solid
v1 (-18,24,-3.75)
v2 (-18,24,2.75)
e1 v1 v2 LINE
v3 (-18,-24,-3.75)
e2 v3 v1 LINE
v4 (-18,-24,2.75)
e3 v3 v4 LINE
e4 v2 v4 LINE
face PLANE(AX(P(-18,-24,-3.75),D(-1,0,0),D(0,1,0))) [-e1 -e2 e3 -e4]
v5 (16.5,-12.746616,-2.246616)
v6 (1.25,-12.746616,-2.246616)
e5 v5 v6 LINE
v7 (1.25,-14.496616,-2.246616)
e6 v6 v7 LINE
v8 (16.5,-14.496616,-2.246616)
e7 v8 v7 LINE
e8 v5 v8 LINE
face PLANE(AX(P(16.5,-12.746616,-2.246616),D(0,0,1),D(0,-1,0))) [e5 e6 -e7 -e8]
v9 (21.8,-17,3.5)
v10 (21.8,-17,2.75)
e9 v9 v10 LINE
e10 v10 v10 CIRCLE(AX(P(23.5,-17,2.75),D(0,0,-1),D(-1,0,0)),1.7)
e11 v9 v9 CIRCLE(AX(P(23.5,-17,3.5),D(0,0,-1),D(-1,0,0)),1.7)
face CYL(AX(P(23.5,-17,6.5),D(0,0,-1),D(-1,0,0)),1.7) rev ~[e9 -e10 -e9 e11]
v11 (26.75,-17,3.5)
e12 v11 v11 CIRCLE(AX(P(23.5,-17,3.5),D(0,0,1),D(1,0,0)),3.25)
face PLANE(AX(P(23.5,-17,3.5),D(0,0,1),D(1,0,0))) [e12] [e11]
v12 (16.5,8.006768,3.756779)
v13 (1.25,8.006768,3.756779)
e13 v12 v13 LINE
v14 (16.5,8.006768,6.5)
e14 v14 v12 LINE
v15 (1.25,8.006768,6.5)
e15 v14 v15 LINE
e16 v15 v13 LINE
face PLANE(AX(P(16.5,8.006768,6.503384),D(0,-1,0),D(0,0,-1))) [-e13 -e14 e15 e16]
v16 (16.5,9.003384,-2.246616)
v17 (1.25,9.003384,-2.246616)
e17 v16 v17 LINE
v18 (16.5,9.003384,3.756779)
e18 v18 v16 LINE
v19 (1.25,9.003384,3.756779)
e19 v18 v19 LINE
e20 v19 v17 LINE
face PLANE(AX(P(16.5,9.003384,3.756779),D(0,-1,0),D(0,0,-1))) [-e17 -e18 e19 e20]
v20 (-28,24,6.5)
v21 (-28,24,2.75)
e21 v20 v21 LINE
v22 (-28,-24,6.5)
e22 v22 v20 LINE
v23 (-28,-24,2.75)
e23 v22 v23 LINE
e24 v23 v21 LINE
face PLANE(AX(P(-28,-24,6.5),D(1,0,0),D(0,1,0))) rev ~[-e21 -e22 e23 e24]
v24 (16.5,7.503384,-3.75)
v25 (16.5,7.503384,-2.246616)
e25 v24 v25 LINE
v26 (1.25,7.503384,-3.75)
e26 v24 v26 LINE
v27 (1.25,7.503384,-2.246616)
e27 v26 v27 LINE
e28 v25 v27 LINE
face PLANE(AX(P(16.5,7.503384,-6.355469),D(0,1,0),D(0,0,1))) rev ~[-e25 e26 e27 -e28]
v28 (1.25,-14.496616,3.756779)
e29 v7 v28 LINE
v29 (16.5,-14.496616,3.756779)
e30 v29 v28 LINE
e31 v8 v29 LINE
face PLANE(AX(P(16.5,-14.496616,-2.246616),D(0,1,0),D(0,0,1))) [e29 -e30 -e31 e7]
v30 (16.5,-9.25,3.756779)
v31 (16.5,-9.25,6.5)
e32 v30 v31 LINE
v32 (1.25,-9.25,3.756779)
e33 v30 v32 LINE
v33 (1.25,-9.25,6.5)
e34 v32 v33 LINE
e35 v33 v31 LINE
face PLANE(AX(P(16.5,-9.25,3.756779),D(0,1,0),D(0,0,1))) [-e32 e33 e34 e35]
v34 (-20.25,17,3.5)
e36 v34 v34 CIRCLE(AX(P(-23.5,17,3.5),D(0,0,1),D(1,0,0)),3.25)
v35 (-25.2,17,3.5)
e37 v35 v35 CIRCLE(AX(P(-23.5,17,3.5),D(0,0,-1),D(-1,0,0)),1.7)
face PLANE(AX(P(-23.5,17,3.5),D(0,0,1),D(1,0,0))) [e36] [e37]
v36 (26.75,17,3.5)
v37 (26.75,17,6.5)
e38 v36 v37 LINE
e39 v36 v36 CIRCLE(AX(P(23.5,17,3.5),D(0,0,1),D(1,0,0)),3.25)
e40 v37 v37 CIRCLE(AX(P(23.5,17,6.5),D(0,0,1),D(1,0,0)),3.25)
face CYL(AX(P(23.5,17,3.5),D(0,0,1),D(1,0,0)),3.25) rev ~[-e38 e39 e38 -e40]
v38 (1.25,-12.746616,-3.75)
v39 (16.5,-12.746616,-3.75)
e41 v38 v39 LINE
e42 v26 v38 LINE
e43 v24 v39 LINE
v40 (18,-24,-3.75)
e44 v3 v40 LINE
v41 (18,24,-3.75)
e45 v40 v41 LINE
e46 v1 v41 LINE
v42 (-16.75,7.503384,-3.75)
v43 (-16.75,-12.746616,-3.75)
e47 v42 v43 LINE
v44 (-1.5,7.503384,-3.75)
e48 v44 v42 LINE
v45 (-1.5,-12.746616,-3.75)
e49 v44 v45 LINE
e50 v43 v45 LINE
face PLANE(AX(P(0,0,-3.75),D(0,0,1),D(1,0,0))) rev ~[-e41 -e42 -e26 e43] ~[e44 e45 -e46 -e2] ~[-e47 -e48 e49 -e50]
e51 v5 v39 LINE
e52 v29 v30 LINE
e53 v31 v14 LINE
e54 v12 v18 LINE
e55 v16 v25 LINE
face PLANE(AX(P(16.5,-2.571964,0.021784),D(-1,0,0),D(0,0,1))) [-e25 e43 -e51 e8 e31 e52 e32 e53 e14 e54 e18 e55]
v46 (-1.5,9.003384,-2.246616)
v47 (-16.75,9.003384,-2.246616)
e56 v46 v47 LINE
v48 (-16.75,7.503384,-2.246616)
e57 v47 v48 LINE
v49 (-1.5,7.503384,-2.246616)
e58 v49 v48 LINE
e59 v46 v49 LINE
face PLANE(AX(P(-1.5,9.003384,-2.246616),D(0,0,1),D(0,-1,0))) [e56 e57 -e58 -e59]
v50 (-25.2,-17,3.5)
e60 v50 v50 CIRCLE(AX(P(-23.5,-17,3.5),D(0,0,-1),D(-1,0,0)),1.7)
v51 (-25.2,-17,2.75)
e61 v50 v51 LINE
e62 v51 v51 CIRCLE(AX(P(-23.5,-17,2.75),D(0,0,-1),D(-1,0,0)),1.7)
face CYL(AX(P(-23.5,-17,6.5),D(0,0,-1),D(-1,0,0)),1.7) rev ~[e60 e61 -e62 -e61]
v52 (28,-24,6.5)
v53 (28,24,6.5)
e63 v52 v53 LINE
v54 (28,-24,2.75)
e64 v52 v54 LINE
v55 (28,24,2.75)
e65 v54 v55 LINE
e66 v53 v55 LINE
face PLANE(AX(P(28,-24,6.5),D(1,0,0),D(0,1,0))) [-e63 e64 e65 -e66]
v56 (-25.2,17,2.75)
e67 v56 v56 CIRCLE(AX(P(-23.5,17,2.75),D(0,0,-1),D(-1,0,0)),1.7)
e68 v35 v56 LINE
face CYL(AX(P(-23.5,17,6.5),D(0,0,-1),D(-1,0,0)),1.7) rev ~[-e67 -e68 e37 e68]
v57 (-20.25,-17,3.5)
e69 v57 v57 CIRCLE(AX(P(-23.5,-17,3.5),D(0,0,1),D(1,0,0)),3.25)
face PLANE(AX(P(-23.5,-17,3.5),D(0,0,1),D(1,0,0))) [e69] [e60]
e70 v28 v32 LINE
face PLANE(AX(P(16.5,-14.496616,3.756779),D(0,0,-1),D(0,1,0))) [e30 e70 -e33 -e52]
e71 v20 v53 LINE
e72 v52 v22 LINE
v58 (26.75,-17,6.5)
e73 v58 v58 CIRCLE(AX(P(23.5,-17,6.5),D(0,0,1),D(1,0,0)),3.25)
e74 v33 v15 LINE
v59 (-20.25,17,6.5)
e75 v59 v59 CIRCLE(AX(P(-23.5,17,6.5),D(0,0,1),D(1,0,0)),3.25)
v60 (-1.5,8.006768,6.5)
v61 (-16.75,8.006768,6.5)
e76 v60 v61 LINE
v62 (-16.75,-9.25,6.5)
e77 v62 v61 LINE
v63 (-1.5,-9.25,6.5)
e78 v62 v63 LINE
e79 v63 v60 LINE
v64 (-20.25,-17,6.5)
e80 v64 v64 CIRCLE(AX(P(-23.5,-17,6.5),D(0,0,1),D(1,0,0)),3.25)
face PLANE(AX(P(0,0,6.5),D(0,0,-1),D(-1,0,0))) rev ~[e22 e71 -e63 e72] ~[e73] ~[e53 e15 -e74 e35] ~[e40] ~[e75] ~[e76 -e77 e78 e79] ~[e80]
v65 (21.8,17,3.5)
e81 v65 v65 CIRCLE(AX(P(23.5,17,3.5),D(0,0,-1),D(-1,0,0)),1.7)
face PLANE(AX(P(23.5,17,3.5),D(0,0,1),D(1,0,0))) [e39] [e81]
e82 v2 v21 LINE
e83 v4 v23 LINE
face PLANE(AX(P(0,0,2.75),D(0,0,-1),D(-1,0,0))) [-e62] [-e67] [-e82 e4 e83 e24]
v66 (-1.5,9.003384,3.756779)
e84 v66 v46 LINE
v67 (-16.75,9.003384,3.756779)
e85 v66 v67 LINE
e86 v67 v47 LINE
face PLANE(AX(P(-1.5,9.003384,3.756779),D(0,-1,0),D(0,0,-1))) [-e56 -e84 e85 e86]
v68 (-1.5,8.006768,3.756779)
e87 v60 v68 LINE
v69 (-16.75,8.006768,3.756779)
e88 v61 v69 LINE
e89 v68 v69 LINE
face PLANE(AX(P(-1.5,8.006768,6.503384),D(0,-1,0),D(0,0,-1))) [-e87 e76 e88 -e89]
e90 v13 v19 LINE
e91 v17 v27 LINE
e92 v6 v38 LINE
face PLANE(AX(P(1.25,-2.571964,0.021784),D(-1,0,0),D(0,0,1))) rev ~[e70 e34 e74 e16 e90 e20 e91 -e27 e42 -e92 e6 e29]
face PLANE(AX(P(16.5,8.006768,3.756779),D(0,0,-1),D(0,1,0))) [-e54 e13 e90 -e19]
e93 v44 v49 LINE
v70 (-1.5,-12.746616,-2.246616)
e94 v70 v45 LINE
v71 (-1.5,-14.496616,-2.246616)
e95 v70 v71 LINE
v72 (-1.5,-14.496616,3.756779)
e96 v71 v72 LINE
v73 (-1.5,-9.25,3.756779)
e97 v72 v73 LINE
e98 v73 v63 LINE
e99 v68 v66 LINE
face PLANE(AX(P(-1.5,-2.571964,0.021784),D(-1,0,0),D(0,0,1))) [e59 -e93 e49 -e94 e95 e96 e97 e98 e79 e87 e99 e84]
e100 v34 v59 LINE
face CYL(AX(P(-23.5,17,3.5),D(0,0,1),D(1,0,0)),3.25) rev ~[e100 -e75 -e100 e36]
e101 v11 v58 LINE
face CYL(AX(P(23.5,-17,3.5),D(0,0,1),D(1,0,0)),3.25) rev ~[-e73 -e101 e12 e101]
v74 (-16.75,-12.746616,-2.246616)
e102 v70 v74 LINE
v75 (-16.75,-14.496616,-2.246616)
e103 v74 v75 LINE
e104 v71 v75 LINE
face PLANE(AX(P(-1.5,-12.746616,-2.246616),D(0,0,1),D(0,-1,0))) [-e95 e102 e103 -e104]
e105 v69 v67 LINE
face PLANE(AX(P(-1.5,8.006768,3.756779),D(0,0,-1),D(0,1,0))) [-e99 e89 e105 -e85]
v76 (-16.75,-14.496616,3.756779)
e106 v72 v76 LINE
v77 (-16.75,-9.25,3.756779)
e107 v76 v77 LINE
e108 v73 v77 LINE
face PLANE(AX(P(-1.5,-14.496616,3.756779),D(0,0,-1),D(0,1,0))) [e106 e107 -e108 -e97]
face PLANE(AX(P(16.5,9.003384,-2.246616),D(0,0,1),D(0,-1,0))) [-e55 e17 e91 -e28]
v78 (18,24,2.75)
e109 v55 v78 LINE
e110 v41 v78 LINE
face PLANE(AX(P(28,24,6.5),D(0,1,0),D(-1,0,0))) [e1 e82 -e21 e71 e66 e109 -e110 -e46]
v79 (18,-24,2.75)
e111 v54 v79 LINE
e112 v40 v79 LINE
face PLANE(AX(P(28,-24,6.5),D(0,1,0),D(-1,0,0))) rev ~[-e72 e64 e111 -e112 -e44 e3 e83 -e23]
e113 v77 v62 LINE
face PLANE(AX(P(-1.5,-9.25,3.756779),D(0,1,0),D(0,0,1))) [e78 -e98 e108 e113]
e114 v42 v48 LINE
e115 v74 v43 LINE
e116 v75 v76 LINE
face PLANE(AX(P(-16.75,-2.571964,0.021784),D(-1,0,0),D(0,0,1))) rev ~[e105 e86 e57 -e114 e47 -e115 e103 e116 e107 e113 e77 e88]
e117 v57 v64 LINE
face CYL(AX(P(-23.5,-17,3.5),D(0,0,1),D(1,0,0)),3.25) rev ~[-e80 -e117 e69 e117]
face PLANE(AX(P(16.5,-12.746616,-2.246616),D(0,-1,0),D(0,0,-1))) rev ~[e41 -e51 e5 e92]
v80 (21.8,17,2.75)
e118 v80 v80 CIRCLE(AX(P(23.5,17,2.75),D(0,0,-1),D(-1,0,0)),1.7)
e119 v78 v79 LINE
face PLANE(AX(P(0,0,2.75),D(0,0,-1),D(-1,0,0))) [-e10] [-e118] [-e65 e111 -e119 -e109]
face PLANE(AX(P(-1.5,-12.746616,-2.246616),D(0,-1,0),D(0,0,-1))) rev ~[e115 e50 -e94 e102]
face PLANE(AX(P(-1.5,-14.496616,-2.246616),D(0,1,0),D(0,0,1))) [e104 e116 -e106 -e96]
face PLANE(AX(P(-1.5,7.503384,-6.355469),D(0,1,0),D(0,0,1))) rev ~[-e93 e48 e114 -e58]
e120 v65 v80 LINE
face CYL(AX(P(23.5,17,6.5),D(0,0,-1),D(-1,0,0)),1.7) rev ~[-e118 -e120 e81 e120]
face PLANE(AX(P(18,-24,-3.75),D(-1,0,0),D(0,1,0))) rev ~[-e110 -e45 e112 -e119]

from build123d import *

# Parameters (mm, degrees)
BOSS_EXTRUDE1_DEPTH            = 6.5
BOSS_EXTRUDE1_DEPTH_BACK       = 3.75
SKETCH1_W                      = 36
SKETCH1_H                      = 48
SKETCH2_W                      = 56
SKETCH2_H                      = 48
BOSS_EXTRUDE2_DEPTH            = 3.75
CBORE_FOR_M3_SHCS1_D           = 3.4
CBORE_FOR_M3_SHCS1_DEPTH       = 10.1
CBORE_FOR_M3_SHCS1_CBORE_D     = 6.5
CBORE_FOR_M3_SHCS1_CBORE_DEPTH = 3
CBORE_FOR_M3_SHCS1_TIP         = 1.021463052
CUT_EXTRUDE1_DEPTH             = 15.25
LPATTERN1_COUNT                = 2
LPATTERN1_PITCH                = 18


with BuildPart() as part:
    # Sketch1 → Boss-Extrude1 (new, two sides: drawn at the far end of the back side and taken through both)
    with BuildSketch(Plane.XY.offset(-BOSS_EXTRUDE1_DEPTH_BACK)):
        Rectangle(SKETCH1_W, SKETCH1_H)
    extrude(amount=BOSS_EXTRUDE1_DEPTH + BOSS_EXTRUDE1_DEPTH_BACK)

    # Sketch2 → Boss-Extrude2 (add)
    with BuildSketch(Plane(origin=(0, 0, 6.5), x_dir=(-1, 0, 0), z_dir=(0, 0, -1))):
        Rectangle(SKETCH2_W, SKETCH2_H)
    extrude(amount=BOSS_EXTRUDE2_DEPTH)

    # CBORE for M3 SHCS1
    with Locations(Plane.XY.offset(6.5)):
        with Locations((-23.5, 17), (-23.5, -17), (23.5, 17), (23.5, -17)):
            CounterBoreHole(CBORE_FOR_M3_SHCS1_D / 2, CBORE_FOR_M3_SHCS1_CBORE_D / 2, CBORE_FOR_M3_SHCS1_CBORE_DEPTH, depth=CBORE_FOR_M3_SHCS1_DEPTH)
            with Locations((0, 0, -(CBORE_FOR_M3_SHCS1_DEPTH + CBORE_FOR_M3_SHCS1_TIP / 2))):  # 118° drill point
                Cone(0, CBORE_FOR_M3_SHCS1_D / 2, CBORE_FOR_M3_SHCS1_TIP, mode=Mode.SUBTRACT)

    # Sketch7 → Cut-Extrude1 (cut)
    with BuildSketch(Plane(origin=(16.5, 0, 0), x_dir=(0, 0, -1), z_dir=(1, 0, 0))):
        Polygon((-6.503383917, 8.006767833), (-3.756779362, 8.006767833), (-3.756779362, 9.003383917), (2.246616083, 9.003383917), (2.246616083, 7.503383917), (3.746616083, 7.503383917), (6.355468839, 7.503383917), (6.355468839, -12.746616083), (3.871124209, -12.746616083), (3.746616083, -12.746616083), (2.246616083, -12.746616083), (2.246616083, -14.496616083), (-3.756779362, -14.496616083), (-3.756779362, -9.25), (-6.503383917, -9.25), align=None)
    cut_extrude1 = extrude(amount=-CUT_EXTRUDE1_DEPTH, mode=Mode.SUBTRACT)

    # LPattern1: Cut-Extrude1 ×2
    with Locations(*[(-i * LPATTERN1_PITCH, 0, 0) for i in range(1, LPATTERN1_COUNT)]):
        add(cut_extrude1, mode=Mode.SUBTRACT)


solid = part.part
